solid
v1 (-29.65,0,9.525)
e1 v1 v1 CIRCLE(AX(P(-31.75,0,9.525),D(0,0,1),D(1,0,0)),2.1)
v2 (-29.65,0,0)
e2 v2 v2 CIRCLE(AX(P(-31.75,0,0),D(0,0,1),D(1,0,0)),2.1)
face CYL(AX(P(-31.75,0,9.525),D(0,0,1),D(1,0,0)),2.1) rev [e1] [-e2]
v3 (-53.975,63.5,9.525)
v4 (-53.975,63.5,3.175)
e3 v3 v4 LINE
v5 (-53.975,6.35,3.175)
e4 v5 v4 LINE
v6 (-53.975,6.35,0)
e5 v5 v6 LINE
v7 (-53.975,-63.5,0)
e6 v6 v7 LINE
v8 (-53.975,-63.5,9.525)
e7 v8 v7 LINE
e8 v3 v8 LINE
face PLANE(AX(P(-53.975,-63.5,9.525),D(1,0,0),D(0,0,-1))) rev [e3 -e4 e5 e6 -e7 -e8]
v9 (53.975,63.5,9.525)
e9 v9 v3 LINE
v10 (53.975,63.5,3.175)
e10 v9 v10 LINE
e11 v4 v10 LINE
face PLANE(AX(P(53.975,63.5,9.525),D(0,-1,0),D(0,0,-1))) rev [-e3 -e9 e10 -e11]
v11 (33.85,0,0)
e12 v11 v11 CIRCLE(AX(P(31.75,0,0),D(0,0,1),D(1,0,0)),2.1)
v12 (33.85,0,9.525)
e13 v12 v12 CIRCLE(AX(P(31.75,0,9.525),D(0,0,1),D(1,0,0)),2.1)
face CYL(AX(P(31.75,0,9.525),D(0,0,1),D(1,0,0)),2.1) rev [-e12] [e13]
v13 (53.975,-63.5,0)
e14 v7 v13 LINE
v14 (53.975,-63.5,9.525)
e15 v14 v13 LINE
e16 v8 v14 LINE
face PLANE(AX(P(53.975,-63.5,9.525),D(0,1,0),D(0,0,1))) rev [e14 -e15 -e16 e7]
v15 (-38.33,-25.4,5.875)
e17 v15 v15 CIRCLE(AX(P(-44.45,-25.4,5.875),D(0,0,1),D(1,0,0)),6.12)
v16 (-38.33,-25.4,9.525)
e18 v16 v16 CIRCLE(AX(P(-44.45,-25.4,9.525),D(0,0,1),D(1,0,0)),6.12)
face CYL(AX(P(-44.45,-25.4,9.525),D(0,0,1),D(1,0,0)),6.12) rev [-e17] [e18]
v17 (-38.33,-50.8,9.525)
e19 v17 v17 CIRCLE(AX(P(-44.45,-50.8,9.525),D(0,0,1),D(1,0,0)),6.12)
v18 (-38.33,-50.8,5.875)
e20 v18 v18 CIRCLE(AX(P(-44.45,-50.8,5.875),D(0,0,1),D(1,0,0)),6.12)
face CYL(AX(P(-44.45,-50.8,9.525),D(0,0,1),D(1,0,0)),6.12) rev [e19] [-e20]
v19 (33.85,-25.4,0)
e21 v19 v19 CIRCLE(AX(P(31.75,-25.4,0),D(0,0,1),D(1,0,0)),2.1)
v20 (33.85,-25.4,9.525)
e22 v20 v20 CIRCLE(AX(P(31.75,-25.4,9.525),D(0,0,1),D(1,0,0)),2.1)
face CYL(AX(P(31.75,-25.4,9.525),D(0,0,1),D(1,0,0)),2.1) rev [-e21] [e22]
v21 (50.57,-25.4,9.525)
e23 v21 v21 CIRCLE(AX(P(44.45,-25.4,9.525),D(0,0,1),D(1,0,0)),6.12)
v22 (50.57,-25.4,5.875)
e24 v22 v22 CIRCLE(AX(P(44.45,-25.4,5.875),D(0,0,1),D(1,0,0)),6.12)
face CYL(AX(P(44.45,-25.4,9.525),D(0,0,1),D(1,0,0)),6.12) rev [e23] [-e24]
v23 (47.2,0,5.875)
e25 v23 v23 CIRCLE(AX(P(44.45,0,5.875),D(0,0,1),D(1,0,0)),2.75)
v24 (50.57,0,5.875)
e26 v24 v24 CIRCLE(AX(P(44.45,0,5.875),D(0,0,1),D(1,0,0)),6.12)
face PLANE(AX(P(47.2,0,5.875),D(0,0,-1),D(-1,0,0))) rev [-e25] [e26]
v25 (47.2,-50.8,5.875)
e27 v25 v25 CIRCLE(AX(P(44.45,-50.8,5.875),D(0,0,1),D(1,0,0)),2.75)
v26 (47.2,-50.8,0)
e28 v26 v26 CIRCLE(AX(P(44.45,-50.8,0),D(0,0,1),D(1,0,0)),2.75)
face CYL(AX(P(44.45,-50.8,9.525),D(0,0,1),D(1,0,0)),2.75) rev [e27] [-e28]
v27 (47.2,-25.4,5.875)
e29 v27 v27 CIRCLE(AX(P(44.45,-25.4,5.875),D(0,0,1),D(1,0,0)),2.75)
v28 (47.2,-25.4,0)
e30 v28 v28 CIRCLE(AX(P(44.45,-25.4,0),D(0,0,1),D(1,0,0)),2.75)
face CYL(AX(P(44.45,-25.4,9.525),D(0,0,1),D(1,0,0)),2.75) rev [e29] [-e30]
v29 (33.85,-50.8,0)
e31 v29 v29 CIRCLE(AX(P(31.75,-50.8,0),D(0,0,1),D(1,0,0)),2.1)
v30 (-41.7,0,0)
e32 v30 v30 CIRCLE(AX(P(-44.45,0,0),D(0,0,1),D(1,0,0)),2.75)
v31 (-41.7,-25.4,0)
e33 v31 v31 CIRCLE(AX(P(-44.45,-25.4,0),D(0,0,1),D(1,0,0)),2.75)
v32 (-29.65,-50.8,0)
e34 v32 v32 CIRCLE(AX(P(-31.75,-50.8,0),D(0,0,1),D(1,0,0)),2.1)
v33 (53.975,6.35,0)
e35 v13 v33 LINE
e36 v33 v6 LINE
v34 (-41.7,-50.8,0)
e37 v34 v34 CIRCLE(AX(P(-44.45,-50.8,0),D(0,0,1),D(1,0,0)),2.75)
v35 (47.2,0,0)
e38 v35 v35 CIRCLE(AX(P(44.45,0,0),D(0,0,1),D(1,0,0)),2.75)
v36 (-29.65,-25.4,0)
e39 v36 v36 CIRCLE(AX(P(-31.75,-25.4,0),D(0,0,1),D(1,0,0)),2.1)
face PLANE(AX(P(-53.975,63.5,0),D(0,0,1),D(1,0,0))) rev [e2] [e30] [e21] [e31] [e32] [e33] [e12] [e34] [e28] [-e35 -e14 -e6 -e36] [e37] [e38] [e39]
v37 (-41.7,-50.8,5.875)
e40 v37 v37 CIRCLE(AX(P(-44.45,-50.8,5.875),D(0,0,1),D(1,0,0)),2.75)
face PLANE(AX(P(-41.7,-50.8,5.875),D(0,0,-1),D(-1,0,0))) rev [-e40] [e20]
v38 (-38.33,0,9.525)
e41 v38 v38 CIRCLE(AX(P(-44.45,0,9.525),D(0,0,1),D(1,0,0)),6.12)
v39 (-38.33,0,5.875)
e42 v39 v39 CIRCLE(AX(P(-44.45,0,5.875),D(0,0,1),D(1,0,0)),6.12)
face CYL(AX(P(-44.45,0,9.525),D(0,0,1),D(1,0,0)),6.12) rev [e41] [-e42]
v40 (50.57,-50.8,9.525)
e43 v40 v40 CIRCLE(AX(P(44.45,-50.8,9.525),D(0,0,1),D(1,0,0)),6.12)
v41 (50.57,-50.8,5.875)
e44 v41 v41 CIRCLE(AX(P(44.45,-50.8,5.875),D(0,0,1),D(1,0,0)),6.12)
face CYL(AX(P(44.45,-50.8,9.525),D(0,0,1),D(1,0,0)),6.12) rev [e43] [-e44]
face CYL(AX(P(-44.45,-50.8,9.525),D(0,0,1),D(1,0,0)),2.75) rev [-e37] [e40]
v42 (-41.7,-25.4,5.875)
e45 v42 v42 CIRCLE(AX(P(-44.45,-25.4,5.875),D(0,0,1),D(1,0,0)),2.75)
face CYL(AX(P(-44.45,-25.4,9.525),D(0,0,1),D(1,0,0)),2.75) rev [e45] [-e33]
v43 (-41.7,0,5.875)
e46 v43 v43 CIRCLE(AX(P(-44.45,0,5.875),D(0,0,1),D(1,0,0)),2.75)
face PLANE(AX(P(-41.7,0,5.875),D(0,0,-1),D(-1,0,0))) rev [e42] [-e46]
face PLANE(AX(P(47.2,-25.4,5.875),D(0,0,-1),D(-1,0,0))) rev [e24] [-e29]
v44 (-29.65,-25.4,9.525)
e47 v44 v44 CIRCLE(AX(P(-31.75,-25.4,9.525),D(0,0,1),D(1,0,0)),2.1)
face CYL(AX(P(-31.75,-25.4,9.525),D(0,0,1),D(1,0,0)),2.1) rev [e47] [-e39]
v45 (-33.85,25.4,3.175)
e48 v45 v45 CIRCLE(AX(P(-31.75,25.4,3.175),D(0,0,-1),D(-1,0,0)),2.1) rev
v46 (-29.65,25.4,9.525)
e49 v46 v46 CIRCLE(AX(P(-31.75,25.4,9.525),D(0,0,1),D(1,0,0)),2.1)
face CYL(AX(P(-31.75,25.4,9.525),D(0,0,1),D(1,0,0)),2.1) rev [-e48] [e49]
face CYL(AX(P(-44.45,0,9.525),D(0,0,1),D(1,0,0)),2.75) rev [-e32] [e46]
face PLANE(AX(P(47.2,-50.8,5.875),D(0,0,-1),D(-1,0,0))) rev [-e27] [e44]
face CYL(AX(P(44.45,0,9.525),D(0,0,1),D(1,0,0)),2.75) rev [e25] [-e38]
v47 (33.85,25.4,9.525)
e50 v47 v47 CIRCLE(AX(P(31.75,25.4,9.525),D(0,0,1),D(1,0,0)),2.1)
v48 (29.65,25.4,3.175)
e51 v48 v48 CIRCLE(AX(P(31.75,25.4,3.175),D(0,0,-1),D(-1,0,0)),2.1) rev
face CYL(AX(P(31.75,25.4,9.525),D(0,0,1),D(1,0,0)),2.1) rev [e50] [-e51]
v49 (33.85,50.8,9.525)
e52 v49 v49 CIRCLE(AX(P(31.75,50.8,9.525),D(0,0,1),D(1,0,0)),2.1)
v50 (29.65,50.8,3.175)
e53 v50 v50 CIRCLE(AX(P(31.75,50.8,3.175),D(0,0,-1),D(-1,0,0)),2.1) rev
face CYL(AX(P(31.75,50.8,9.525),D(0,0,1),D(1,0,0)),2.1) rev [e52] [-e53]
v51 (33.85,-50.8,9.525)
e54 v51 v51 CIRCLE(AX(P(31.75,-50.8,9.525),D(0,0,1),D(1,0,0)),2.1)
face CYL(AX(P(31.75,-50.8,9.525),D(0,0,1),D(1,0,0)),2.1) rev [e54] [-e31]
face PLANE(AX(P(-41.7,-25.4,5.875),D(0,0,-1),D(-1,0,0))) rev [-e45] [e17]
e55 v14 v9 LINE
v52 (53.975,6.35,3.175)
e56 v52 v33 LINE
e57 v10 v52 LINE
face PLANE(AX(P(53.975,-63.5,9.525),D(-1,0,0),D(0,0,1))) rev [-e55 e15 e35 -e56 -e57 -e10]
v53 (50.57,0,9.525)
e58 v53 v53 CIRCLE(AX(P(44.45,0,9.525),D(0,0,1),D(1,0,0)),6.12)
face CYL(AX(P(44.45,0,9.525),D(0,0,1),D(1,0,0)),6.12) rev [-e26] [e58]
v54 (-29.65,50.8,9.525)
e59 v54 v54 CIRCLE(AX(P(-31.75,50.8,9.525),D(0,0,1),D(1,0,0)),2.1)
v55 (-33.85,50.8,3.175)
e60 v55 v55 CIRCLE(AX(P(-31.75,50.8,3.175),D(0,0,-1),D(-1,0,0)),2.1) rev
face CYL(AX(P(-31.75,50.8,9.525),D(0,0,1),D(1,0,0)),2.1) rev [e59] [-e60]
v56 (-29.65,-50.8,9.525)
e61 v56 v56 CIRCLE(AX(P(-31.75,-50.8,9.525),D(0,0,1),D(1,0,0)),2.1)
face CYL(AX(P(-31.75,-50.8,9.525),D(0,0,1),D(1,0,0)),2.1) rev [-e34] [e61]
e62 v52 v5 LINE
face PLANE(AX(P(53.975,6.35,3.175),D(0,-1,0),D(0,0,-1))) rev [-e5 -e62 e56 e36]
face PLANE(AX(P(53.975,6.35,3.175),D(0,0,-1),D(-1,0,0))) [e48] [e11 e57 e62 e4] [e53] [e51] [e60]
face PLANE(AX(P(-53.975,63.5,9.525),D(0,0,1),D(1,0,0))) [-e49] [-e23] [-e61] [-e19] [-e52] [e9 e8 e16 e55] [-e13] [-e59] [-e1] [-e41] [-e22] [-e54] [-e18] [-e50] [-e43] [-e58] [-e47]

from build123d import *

# Parameters (mm, degrees)
SKETCH1_W                                    = 107.95
SKETCH1_H                                    = 127
EXTRUDE1_DEPTH                               = 9.525
CBORE_FOR_M5_HEX_HEAD_CAP_SCREW2_D           = 5.5
CBORE_FOR_M5_HEX_HEAD_CAP_SCREW2_CBORE_D     = 12.24
CBORE_FOR_M5_HEX_HEAD_CAP_SCREW2_CBORE_DEPTH = 3.65
LPATTERN5_COUNT                              = 3
LPATTERN5_PITCH                              = 25.4
LPATTERN6_COUNT                              = 2
LPATTERN6_PITCH                              = 88.9
LPATTERN6_COPY_1_D                           = 5.5
LPATTERN6_COPY_1_CBORE_D                     = 12.24
LPATTERN6_COPY_1_CBORE_DEPTH                 = 3.65
LPATTERN6_COPY_2_D                           = 5.5
LPATTERN6_COPY_2_CBORE_D                     = 12.24
LPATTERN6_COPY_2_CBORE_DEPTH                 = 3.65
M5X0_8_TAPPED_HOLE1_D                        = 4.2
LPATTERN7_COUNT                              = 5
LPATTERN7_PITCH                              = 25.4
LPATTERN8_COUNT                              = 2
LPATTERN8_PITCH                              = 63.5
LPATTERN8_COPY_1_D                           = 4.2
LPATTERN8_COPY_2_D                           = 4.2
LPATTERN8_COPY_3_D                           = 4.2
LPATTERN8_COPY_4_D                           = 4.2
SKETCH16_W                                   = 107.95
SKETCH16_H                                   = 57.15
EXTRUDE2_DEPTH                               = 3.175


with BuildPart() as part:
    # Sketch1 → Extrude1 (new body)
    with BuildSketch(Plane.XY):
        Rectangle(SKETCH1_W, SKETCH1_H)
    extrude(amount=EXTRUDE1_DEPTH)

    # CBORE for M5 Hex Head Cap Screw2 (through all)
    with Locations(Plane(origin=(-44.45, -50.8, 9.525), x_dir=(1, 0, 0), z_dir=(0, 0, 1))):
        with Locations((0, 0)):
            cbore_for_m5_hex_head_cap_screw2 = CounterBoreHole(CBORE_FOR_M5_HEX_HEAD_CAP_SCREW2_D / 2, CBORE_FOR_M5_HEX_HEAD_CAP_SCREW2_CBORE_D / 2, CBORE_FOR_M5_HEX_HEAD_CAP_SCREW2_CBORE_DEPTH)

    # LPattern5: CBORE for M5 Hex Head Cap Screw2 ×3
    with Locations(*[(0, i * LPATTERN5_PITCH, 0) for i in range(1, LPATTERN5_COUNT)]):
        add(cbore_for_m5_hex_head_cap_screw2, mode=Mode.SUBTRACT)

    # LPattern6: CBORE for M5 Hex Head Cap Screw2 ×2
    with Locations(*[(i * LPATTERN6_PITCH, 0, 0) for i in range(1, LPATTERN6_COUNT)]):
        add(cbore_for_m5_hex_head_cap_screw2, mode=Mode.SUBTRACT)

    # LPattern6 copy 1 (through all)
    with Locations(Plane(origin=(44.45, -25.4, 9.525), x_dir=(1, 0, 0), z_dir=(0, 0, 1))):
        with Locations((0, 0)):
            CounterBoreHole(LPATTERN6_COPY_1_D / 2, LPATTERN6_COPY_1_CBORE_D / 2, LPATTERN6_COPY_1_CBORE_DEPTH)

    # LPattern6 copy 2 (through all)
    with Locations(Plane(origin=(44.45, 0, 9.525), x_dir=(1, 0, 0), z_dir=(0, 0, 1))):
        with Locations((0, 0)):
            CounterBoreHole(LPATTERN6_COPY_2_D / 2, LPATTERN6_COPY_2_CBORE_D / 2, LPATTERN6_COPY_2_CBORE_DEPTH)

    # M5x0.8 Tapped Hole1 (through all)
    with Locations(Plane(origin=(-31.75, -50.8, 9.525), x_dir=(1, 0, 0), z_dir=(0, 0, 1))):
        with Locations((0, 0)):
            m5x0_8_tapped_hole1 = Hole(M5X0_8_TAPPED_HOLE1_D / 2)

    # LPattern7: M5x0.8 Tapped Hole1 ×5
    with Locations(*[(0, i * LPATTERN7_PITCH, 0) for i in range(1, LPATTERN7_COUNT)]):
        add(m5x0_8_tapped_hole1, mode=Mode.SUBTRACT)

    # LPattern8: M5x0.8 Tapped Hole1 ×2
    with Locations(*[(i * LPATTERN8_PITCH, 0, 0) for i in range(1, LPATTERN8_COUNT)]):
        add(m5x0_8_tapped_hole1, mode=Mode.SUBTRACT)

    # LPattern8 copy 1 (through all)
    with Locations(Plane(origin=(31.75, -25.4, 9.525), x_dir=(1, 0, 0), z_dir=(0, 0, 1))):
        with Locations((0, 0)):
            Hole(LPATTERN8_COPY_1_D / 2)

    # LPattern8 copy 2 (through all)
    with Locations(Plane(origin=(31.75, 0, 9.525), x_dir=(1, 0, 0), z_dir=(0, 0, 1))):
        with Locations((0, 0)):
            Hole(LPATTERN8_COPY_2_D / 2)

    # LPattern8 copy 3 (through all)
    with Locations(Plane(origin=(31.75, 25.4, 9.525), x_dir=(1, 0, 0), z_dir=(0, 0, 1))):
        with Locations((0, 0)):
            Hole(LPATTERN8_COPY_3_D / 2)

    # LPattern8 copy 4 (through all)
    with Locations(Plane(origin=(31.75, 50.8, 9.525), x_dir=(1, 0, 0), z_dir=(0, 0, 1))):
        with Locations((0, 0)):
            Hole(LPATTERN8_COPY_4_D / 2)

    # Sketch16 → Extrude2 (cut)
    with BuildSketch(Plane(origin=(0, 0, 0), x_dir=(-1, 0, 0), z_dir=(0, 0, -1))):
        with Locations((0, 34.925)):
            Rectangle(SKETCH16_W, SKETCH16_H)
    extrude(amount=-EXTRUDE2_DEPTH, mode=Mode.SUBTRACT)


solid = part.part
